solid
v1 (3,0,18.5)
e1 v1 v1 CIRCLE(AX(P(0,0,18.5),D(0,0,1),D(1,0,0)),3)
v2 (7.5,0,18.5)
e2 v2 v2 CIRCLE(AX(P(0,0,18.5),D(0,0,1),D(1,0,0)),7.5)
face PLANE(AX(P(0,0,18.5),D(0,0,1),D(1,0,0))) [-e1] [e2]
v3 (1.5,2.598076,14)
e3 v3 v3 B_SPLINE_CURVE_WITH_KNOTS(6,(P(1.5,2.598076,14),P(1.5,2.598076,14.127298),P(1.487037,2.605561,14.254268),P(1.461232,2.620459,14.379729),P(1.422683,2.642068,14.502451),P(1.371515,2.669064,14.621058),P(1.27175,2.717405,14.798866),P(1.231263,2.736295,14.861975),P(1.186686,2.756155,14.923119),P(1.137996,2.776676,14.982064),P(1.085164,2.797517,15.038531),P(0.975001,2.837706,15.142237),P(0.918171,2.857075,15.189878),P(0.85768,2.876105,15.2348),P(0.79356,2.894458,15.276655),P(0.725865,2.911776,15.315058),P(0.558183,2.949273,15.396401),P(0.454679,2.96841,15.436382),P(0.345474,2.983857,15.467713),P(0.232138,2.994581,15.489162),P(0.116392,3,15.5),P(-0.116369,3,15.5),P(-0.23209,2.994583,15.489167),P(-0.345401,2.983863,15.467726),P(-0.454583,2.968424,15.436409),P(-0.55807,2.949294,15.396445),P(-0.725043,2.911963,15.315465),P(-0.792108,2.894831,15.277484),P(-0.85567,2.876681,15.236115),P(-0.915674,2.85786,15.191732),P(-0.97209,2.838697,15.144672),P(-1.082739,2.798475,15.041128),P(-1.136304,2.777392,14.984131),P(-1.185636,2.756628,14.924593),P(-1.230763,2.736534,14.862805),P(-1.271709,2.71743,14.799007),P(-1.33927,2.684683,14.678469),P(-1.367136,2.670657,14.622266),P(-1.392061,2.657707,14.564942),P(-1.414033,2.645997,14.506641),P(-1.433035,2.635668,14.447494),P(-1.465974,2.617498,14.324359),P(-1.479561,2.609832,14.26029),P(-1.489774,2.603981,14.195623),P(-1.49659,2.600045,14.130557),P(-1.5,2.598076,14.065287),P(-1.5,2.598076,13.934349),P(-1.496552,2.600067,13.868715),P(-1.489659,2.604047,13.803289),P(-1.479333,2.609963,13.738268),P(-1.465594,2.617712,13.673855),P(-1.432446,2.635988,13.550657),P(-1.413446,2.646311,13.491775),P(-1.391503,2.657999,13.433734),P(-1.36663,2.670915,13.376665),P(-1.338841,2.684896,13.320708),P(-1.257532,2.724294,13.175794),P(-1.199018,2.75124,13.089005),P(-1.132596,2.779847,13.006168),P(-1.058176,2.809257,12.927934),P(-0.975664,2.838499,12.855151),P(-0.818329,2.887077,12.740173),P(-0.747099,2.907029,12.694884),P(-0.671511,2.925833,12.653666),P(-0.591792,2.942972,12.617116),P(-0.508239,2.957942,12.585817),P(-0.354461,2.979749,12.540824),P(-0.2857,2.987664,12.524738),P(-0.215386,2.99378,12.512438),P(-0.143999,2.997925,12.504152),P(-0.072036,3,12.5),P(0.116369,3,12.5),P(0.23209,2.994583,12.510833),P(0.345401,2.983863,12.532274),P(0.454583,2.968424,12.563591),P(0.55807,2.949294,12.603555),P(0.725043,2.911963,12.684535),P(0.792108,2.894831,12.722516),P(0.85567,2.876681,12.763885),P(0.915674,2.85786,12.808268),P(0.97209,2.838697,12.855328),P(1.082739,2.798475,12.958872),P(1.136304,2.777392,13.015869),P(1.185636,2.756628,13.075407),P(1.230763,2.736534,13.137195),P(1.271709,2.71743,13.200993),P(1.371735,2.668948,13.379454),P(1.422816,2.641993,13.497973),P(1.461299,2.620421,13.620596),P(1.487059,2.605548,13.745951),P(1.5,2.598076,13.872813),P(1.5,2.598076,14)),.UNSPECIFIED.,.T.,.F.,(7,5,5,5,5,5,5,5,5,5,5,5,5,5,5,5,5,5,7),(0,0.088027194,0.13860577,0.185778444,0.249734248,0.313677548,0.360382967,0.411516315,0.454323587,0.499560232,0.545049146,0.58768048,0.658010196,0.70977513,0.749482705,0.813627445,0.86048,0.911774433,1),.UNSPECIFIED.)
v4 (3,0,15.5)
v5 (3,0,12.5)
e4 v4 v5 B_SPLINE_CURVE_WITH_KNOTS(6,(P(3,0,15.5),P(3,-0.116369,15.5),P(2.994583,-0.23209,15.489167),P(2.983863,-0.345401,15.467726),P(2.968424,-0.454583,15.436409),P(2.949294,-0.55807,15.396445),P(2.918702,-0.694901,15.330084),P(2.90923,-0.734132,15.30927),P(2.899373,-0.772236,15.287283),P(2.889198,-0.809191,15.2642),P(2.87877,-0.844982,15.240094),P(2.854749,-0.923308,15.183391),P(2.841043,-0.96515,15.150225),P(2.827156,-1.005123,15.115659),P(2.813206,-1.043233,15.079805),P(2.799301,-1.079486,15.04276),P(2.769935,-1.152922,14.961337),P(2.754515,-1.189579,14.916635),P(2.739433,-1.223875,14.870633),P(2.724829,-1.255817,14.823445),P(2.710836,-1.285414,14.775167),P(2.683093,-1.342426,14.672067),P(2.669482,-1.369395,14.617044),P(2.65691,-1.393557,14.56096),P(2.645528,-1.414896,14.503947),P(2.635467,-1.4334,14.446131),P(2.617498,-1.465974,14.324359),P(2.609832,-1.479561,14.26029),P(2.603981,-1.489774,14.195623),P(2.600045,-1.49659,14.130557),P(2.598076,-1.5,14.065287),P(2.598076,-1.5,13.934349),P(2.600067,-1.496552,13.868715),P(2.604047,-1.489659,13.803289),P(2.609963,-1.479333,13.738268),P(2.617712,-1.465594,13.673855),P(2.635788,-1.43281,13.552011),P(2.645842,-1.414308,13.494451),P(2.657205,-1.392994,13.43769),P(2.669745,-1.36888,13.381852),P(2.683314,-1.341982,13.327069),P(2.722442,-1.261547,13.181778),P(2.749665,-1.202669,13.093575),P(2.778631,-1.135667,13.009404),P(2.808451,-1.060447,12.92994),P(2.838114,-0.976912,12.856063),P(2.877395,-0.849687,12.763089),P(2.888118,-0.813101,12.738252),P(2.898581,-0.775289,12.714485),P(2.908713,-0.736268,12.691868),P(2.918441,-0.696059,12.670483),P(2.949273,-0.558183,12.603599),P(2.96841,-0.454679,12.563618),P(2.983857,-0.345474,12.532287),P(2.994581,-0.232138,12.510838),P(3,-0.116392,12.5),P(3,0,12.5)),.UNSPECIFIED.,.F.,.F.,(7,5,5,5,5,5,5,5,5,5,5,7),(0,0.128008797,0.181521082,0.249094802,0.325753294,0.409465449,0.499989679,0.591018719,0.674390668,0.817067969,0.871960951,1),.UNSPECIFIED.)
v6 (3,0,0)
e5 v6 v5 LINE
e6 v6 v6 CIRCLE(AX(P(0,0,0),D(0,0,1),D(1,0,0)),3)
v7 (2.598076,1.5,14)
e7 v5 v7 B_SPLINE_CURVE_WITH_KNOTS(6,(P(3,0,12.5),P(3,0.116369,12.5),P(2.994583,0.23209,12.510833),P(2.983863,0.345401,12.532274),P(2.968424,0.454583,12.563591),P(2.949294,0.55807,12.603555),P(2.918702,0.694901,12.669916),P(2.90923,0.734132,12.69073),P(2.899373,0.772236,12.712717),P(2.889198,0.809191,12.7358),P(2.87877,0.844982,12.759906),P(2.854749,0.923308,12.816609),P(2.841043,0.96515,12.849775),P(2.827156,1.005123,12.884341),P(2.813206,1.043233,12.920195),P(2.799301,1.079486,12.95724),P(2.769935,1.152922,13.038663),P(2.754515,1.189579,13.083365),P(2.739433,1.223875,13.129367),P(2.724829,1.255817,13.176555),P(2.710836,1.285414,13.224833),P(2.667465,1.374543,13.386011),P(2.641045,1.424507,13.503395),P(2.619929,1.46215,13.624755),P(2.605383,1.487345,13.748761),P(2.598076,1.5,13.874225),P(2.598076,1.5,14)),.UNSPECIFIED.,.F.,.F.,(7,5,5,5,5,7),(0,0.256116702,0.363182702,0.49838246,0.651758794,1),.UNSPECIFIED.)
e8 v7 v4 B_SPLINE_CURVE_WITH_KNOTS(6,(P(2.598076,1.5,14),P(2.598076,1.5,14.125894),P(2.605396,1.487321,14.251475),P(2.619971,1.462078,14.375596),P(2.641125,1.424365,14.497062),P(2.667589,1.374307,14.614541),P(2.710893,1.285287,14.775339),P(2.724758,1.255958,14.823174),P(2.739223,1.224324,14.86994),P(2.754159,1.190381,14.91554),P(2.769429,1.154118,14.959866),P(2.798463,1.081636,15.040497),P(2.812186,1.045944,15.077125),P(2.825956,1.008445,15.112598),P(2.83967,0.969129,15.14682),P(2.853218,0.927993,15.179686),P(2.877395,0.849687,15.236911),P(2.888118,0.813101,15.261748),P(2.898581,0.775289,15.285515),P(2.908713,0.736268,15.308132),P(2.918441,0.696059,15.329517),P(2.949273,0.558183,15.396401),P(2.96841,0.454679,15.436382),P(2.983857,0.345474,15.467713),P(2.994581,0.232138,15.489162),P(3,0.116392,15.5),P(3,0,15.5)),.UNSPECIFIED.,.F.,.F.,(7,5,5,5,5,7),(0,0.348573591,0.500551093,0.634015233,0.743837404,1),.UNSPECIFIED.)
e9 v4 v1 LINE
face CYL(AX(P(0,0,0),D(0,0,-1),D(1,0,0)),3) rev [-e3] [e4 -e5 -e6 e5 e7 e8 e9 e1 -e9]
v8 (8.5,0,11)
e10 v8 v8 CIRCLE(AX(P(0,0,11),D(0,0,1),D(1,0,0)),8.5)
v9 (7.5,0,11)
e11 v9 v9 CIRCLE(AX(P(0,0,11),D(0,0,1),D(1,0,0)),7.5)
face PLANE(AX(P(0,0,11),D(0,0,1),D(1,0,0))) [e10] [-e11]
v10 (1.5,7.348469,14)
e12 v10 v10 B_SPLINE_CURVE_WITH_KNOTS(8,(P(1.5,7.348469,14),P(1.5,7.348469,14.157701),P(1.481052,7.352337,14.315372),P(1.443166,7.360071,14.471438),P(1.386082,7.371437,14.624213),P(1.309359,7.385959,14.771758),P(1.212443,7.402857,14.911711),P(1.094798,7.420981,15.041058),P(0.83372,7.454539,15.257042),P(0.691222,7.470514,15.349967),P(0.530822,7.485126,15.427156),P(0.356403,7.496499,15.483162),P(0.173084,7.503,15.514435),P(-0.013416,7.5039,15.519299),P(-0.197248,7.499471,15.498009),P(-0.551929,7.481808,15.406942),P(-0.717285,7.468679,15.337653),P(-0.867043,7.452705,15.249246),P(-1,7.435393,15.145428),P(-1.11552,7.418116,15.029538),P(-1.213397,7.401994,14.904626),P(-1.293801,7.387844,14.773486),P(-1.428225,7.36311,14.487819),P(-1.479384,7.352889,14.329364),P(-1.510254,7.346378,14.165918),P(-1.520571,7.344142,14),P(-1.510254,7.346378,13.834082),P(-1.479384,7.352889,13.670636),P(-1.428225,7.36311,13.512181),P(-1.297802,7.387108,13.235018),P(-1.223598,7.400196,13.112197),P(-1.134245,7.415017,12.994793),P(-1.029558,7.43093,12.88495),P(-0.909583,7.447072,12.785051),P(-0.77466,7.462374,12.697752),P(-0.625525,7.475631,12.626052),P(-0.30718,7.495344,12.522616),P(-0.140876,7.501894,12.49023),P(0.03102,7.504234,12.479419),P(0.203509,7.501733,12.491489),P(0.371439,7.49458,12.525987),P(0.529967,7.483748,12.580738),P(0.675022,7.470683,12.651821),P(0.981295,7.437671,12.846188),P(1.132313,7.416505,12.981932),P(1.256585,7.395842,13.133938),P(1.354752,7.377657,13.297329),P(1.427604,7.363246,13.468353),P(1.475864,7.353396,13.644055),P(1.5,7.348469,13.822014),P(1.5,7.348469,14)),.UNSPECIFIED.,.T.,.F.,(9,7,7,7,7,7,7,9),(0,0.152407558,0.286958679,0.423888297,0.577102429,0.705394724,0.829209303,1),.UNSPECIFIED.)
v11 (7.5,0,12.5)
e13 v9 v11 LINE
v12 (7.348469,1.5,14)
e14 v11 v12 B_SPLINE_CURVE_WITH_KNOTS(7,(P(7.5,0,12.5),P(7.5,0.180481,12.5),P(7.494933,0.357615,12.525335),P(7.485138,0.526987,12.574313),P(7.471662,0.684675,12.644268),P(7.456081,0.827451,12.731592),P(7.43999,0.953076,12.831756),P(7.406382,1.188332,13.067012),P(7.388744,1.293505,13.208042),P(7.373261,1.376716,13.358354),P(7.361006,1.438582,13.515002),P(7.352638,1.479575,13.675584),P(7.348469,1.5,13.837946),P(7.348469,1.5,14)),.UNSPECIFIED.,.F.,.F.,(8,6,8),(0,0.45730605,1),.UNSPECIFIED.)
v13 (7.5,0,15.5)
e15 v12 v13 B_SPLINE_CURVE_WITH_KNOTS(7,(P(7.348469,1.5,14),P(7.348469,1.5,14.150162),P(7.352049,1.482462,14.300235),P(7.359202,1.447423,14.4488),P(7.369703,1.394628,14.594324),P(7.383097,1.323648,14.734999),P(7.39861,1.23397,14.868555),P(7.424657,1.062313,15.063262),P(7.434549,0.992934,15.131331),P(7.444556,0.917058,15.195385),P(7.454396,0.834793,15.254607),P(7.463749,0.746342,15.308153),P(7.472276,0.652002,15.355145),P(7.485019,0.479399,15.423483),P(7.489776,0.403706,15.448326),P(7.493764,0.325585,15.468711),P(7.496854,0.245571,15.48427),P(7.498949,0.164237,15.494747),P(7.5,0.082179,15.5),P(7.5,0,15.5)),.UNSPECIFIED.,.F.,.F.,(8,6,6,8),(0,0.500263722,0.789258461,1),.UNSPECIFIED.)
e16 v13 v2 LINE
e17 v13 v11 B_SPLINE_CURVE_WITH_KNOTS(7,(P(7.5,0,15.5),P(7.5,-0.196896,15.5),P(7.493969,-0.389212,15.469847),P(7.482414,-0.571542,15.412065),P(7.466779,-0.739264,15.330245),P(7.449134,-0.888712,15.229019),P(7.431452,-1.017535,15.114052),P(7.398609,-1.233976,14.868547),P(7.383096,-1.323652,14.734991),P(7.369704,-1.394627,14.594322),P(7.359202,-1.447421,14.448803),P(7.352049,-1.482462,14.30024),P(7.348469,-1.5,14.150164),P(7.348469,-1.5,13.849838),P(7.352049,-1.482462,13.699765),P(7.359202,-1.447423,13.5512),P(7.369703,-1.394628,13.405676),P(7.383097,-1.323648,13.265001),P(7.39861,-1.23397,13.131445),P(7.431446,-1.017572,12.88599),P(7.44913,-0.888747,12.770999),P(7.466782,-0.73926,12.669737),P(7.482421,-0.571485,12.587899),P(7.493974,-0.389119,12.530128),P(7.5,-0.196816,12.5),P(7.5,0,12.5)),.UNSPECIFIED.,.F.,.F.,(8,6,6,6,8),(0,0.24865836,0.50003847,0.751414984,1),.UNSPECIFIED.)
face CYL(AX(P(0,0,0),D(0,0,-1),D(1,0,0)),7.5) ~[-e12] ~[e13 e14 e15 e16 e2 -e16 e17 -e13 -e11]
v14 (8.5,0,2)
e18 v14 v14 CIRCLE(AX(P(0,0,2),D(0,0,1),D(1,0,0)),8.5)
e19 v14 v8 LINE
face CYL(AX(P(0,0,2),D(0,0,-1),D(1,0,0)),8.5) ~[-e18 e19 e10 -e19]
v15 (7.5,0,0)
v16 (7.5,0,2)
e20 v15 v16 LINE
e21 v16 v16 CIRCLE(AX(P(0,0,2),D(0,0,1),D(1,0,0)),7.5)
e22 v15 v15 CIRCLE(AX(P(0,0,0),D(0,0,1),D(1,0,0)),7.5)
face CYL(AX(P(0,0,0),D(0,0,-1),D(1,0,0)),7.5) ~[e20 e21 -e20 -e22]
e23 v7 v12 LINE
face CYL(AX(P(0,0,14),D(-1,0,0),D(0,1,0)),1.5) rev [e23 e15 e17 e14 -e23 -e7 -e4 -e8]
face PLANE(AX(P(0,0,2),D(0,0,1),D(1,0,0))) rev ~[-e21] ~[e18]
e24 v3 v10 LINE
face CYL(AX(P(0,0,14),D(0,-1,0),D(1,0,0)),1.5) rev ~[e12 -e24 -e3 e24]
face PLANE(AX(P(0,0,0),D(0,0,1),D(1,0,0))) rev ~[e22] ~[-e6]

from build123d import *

# Parameters (mm, degrees)
F0_R     = 7.5
F0_R_2   = 3
F1_DEPTH = 18.5
F2_START = 2
F0_R_3   = 8.5
F2_DEPTH = 9
F3_R     = 1.5
F4_DEPTH = 8.501
F5_R     = 1.5
F6_DEPTH = 8.501


with BuildPart() as f1:
    # F0 (on Top) → F1 (new body)
    with BuildSketch(Plane.XY):
        Circle(F0_R)
        Circle(F0_R_2, mode=Mode.SUBTRACT)
    extrude(amount=F1_DEPTH)

    # F0 (on Top) → F2 (join)
    with BuildSketch(Plane.XY.offset(F2_START)):
        Circle(F0_R_3)
        Circle(F0_R, mode=Mode.SUBTRACT)
    extrude(amount=F2_DEPTH)

    # F3 (on Right) → F4 (cut, through all)
    with BuildSketch(Plane.YZ):
        with Locations((0, 14)):
            Circle(F3_R)
    extrude(amount=F4_DEPTH, mode=Mode.SUBTRACT)

    # F5 (on Front) → F6 (cut, through all)
    with BuildSketch(Plane.XZ):
        with Locations((0, 14)):
            Circle(F5_R)
    extrude(amount=-F6_DEPTH, mode=Mode.SUBTRACT)


solid = f1.part
